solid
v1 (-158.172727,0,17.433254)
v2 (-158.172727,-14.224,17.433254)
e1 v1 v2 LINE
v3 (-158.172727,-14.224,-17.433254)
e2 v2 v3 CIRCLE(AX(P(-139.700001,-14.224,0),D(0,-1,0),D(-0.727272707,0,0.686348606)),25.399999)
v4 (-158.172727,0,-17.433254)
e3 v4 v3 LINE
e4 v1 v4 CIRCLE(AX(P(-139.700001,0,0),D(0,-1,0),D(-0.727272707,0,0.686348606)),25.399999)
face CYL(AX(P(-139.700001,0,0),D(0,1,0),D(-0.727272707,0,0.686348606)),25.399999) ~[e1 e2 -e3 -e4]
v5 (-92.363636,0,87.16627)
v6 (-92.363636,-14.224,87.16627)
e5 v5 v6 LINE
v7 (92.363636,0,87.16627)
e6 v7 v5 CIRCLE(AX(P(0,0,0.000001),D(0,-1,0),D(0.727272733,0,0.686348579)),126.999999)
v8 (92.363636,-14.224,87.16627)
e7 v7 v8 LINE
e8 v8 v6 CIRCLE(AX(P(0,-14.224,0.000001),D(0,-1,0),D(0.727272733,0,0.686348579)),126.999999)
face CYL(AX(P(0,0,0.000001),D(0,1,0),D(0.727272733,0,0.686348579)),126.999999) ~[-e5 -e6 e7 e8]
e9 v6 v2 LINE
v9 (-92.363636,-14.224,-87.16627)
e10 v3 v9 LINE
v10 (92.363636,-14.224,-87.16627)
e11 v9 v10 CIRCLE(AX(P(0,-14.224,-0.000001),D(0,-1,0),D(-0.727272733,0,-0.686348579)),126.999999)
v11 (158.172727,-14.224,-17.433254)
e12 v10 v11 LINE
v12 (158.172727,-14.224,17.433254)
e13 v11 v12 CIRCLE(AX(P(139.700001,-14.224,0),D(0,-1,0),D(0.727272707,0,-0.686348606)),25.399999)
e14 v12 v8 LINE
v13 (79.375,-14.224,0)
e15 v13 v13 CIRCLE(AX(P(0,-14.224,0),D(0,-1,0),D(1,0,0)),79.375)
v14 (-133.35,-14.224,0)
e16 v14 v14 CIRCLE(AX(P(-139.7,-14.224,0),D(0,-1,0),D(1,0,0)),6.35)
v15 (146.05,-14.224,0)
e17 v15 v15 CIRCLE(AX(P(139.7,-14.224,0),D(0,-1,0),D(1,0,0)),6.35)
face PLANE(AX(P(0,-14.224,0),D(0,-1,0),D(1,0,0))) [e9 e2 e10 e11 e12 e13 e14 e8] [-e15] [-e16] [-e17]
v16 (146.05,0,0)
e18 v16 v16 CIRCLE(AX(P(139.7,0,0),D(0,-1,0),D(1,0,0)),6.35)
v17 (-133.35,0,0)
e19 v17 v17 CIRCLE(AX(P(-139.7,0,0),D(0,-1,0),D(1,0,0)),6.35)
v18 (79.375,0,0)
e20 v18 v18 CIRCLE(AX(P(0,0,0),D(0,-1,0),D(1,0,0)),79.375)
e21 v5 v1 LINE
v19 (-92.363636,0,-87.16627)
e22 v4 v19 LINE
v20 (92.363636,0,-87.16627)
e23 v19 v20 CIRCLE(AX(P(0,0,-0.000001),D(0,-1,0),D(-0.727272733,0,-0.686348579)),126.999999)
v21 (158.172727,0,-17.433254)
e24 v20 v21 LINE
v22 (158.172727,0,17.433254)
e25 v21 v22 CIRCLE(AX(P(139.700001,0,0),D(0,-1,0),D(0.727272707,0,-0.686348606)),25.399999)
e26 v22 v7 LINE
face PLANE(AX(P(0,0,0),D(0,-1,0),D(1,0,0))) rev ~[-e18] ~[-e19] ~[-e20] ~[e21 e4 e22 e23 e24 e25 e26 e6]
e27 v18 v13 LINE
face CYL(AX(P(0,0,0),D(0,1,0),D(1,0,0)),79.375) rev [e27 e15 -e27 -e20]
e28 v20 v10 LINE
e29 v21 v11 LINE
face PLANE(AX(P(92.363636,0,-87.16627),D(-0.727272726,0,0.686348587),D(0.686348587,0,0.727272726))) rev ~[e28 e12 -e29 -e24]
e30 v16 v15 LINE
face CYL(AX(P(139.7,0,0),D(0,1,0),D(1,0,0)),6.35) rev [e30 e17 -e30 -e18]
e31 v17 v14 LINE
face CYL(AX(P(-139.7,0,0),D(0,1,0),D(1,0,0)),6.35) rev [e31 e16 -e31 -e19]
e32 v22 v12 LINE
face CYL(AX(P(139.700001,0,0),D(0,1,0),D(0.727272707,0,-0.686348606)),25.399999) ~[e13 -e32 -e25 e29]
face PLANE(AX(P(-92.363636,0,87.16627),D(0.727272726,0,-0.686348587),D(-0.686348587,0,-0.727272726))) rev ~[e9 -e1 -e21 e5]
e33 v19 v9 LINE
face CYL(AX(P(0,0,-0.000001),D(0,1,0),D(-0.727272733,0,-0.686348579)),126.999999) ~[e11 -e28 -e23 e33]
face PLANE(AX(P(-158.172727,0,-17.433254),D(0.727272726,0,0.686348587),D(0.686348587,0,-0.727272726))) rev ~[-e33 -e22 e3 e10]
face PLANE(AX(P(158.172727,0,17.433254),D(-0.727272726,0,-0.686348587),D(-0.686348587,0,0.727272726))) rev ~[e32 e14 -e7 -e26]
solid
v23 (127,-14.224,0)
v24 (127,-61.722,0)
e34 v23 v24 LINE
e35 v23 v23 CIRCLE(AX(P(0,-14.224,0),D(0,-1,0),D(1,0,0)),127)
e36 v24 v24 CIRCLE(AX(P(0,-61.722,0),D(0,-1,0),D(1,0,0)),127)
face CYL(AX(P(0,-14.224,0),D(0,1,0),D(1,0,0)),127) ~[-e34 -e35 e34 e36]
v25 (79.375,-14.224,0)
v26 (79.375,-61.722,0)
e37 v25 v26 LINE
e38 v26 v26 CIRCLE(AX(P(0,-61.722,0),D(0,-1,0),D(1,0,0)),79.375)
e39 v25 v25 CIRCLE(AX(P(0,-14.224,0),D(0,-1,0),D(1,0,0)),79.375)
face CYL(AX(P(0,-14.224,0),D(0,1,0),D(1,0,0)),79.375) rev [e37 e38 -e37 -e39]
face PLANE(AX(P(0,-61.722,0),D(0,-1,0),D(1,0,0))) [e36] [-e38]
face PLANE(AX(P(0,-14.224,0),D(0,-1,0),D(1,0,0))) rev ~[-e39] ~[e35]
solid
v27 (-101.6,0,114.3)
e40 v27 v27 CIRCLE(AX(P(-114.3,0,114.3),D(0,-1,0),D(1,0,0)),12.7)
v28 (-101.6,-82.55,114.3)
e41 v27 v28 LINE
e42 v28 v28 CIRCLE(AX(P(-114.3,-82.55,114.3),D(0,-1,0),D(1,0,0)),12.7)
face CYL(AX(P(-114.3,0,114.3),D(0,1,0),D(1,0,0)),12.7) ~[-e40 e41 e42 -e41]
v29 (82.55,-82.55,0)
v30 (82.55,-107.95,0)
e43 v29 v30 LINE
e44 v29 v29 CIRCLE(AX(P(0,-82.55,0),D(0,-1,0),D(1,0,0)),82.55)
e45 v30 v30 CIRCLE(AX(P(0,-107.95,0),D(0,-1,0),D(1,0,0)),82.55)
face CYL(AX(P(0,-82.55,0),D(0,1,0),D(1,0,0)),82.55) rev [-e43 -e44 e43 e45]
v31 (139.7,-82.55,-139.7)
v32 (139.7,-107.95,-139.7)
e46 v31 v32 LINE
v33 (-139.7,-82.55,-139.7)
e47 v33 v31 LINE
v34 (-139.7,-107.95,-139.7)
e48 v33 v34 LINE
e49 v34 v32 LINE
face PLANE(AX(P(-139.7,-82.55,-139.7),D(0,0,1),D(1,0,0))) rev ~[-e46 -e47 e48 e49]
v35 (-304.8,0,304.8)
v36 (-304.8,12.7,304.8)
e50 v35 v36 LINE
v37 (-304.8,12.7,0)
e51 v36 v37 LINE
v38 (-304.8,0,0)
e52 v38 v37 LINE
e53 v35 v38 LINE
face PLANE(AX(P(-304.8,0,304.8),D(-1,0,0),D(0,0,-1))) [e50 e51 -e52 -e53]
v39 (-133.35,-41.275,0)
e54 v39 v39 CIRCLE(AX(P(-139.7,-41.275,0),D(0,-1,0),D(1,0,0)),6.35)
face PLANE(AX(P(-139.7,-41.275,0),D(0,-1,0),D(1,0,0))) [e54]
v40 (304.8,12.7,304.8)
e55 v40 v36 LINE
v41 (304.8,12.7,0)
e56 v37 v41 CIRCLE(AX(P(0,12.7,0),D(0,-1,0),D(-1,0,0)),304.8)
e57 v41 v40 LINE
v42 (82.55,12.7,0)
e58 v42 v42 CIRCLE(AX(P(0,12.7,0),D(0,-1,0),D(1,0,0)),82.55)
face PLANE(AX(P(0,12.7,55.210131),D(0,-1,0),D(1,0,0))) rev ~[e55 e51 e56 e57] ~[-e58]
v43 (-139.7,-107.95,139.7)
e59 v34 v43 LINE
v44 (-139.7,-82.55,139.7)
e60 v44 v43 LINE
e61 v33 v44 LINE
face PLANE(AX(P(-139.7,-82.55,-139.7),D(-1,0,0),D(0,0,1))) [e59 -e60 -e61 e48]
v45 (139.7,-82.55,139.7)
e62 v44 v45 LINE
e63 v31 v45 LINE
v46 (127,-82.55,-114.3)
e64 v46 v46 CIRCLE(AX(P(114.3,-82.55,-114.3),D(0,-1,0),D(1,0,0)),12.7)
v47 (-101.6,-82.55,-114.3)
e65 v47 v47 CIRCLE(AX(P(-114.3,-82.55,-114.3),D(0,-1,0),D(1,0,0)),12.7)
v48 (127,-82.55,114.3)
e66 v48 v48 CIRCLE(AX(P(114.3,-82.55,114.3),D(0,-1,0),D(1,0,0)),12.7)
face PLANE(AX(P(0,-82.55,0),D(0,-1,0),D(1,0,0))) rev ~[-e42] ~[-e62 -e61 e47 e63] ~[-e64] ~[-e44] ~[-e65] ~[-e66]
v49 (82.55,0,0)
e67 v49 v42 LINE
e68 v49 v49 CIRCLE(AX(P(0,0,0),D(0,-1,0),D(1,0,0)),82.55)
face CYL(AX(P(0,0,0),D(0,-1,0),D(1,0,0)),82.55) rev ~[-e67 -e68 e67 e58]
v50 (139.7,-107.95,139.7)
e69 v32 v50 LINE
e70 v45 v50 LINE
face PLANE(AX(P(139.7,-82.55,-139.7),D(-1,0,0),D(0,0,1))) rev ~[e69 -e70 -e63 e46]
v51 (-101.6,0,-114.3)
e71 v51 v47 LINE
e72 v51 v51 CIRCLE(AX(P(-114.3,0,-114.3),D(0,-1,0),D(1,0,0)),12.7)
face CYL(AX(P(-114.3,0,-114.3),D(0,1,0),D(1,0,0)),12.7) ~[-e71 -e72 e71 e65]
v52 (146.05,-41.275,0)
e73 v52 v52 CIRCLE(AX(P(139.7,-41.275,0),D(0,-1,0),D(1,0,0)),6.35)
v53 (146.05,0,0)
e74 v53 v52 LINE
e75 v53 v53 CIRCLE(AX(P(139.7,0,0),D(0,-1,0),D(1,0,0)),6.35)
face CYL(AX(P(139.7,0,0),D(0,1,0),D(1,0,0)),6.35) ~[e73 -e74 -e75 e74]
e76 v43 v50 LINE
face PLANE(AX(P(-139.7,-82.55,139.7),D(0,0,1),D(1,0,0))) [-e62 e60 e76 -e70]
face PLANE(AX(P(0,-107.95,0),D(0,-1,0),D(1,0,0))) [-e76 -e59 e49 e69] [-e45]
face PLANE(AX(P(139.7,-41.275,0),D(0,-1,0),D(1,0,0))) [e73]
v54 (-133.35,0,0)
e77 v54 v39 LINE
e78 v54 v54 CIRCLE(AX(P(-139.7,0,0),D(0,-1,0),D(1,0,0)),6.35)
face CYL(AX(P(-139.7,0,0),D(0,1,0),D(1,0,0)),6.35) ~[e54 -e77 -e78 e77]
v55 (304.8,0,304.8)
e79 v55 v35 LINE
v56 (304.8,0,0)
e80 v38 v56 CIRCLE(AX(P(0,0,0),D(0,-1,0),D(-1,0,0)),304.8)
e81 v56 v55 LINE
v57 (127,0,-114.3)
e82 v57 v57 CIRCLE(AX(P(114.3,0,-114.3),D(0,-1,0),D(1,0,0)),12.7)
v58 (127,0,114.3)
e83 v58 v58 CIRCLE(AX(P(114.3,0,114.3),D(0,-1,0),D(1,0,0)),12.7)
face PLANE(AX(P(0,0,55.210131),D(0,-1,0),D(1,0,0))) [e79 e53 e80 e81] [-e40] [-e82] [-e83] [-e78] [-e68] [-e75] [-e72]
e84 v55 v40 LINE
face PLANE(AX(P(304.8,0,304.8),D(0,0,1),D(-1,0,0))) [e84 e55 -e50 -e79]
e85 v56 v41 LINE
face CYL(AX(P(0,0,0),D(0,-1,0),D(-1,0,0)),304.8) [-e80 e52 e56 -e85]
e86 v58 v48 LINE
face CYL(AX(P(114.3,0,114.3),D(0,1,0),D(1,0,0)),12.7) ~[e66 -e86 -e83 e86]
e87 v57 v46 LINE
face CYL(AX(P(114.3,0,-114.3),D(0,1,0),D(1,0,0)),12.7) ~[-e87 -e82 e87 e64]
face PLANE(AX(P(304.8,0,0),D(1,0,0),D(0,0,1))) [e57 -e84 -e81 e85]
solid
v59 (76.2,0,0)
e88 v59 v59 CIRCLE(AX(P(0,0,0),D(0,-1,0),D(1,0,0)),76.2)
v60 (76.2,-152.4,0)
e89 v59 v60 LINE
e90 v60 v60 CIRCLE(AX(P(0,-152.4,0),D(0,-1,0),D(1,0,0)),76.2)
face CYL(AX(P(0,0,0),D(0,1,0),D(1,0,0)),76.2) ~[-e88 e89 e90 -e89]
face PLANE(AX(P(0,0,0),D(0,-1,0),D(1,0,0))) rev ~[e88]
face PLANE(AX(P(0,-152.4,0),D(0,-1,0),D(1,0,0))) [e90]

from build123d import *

# Parameters (mm, degrees)
F0_R      = 82.55
F1_DEPTH  = 12.7
F2_R      = 76.2
F3_DEPTH  = 152.4
F2_R_2    = 6.35
F4_DEPTH  = 41.275
F2_R_3    = 12.7
F5_DEPTH  = 82.55
F6_DEPTH  = 82.55
F7_W      = 279.4
F7_H      = 279.4
F7_R      = 12.7
F7_R_2    = 82.55
F8_DEPTH  = 25.4
F9_R      = 6.35
F9_R_2    = 82.55
F9_R_3    = 79.375
F10_DEPTH = 14.224
F12_R     = 127
F12_R_2   = 79.375
F13_DEPTH = 47.498


with BuildPart() as f1:
    # F0 (on Front) → F1 (new body)
    with BuildSketch(Plane.XZ):
        with BuildLine():
            Line((-304.8, 304.8), (-304.8, 0))
            ThreePointArc((-304.8, 0), (0, -304.8), (304.8, 0))
            Line((304.8, 0), (304.8, 304.8))
            Line((304.8, 304.8), (-304.8, 304.8))
        make_face()
        Circle(F0_R, mode=Mode.SUBTRACT)
    extrude(amount=-F1_DEPTH)

    # F2 (on Front) → F4 (join)
    with BuildSketch(Plane.XZ):
        with Locations((-139.7, 0)):
            Circle(F2_R_2)
        with Locations((139.7, 0)):
            Circle(F2_R_2)
    extrude(amount=F4_DEPTH)

    # F2 (on Front) → F5 (join)
    with BuildSketch(Plane.XZ):
        with Locations((114.3, 114.3)):
            Circle(F2_R_3)
    extrude(amount=F5_DEPTH)

    # F2 (on Front) → F6 (join)
    with BuildSketch(Plane.XZ):
        with Locations((-114.3, 114.3)):
            Circle(F2_R_3)
        with Locations((114.3, -114.3)):
            Circle(F2_R_3)
        with Locations((-114.3, -114.3)):
            Circle(F2_R_3)
    extrude(amount=F6_DEPTH)

    # F7 (on face) → F8 (join)
    with BuildSketch(Plane.XZ.offset(82.55)):
        Rectangle(F7_W, F7_H)
        with Locations((-114.3, 114.3)):
            Circle(F7_R, mode=Mode.SUBTRACT)
        Circle(F7_R_2, mode=Mode.SUBTRACT)
        with Locations((-114.3, 114.3)):
            Circle(F7_R)
    extrude(amount=F8_DEPTH)


with BuildPart() as f3:
    # F2 (on Front) → F3 (new body)
    with BuildSketch(Plane.XZ):
        Circle(F2_R)
    extrude(amount=F3_DEPTH)


with BuildPart() as f10:
    # F9 (on face) → F10 (new body)
    with BuildSketch(Plane.XZ):
        with BuildLine():
            Line((-92.363636, 87.16627), (-158.172727, 17.433254))
            ThreePointArc((-158.172727, 17.433254), (-165.1, 0), (-158.172727, -17.433254))
            Line((-158.172727, -17.433254), (-92.363636, -87.16627))
            ThreePointArc((-92.363636, -87.16627), (0, -127), (92.363636, -87.16627))
            Line((92.363636, -87.16627), (158.172727, -17.433254))
            ThreePointArc((158.172727, -17.433254), (165.1, 0), (158.172727, 17.433254))
            Line((158.172727, 17.433254), (92.363636, 87.16627))
            ThreePointArc((92.363636, 87.16627), (0, 127), (-92.363636, 87.16627))
        make_face()
        with Locations((-139.7, 0)):
            Circle(F9_R, mode=Mode.SUBTRACT)
        Circle(F9_R_2, mode=Mode.SUBTRACT)
        with Locations((139.7, 0)):
            Circle(F9_R, mode=Mode.SUBTRACT)
        Circle(F9_R_2)
        Circle(F9_R_3, mode=Mode.SUBTRACT)
    extrude(amount=F10_DEPTH)


with BuildPart() as f13:
    # F12 (on offset) → F13 (new body)
    with BuildSketch(Plane.XZ.offset(14.224)):
        Circle(F12_R)
        Circle(F12_R_2, mode=Mode.SUBTRACT)
    extrude(amount=F13_DEPTH)


solid = Compound([f1.part, f3.part, f10.part, f13.part])
